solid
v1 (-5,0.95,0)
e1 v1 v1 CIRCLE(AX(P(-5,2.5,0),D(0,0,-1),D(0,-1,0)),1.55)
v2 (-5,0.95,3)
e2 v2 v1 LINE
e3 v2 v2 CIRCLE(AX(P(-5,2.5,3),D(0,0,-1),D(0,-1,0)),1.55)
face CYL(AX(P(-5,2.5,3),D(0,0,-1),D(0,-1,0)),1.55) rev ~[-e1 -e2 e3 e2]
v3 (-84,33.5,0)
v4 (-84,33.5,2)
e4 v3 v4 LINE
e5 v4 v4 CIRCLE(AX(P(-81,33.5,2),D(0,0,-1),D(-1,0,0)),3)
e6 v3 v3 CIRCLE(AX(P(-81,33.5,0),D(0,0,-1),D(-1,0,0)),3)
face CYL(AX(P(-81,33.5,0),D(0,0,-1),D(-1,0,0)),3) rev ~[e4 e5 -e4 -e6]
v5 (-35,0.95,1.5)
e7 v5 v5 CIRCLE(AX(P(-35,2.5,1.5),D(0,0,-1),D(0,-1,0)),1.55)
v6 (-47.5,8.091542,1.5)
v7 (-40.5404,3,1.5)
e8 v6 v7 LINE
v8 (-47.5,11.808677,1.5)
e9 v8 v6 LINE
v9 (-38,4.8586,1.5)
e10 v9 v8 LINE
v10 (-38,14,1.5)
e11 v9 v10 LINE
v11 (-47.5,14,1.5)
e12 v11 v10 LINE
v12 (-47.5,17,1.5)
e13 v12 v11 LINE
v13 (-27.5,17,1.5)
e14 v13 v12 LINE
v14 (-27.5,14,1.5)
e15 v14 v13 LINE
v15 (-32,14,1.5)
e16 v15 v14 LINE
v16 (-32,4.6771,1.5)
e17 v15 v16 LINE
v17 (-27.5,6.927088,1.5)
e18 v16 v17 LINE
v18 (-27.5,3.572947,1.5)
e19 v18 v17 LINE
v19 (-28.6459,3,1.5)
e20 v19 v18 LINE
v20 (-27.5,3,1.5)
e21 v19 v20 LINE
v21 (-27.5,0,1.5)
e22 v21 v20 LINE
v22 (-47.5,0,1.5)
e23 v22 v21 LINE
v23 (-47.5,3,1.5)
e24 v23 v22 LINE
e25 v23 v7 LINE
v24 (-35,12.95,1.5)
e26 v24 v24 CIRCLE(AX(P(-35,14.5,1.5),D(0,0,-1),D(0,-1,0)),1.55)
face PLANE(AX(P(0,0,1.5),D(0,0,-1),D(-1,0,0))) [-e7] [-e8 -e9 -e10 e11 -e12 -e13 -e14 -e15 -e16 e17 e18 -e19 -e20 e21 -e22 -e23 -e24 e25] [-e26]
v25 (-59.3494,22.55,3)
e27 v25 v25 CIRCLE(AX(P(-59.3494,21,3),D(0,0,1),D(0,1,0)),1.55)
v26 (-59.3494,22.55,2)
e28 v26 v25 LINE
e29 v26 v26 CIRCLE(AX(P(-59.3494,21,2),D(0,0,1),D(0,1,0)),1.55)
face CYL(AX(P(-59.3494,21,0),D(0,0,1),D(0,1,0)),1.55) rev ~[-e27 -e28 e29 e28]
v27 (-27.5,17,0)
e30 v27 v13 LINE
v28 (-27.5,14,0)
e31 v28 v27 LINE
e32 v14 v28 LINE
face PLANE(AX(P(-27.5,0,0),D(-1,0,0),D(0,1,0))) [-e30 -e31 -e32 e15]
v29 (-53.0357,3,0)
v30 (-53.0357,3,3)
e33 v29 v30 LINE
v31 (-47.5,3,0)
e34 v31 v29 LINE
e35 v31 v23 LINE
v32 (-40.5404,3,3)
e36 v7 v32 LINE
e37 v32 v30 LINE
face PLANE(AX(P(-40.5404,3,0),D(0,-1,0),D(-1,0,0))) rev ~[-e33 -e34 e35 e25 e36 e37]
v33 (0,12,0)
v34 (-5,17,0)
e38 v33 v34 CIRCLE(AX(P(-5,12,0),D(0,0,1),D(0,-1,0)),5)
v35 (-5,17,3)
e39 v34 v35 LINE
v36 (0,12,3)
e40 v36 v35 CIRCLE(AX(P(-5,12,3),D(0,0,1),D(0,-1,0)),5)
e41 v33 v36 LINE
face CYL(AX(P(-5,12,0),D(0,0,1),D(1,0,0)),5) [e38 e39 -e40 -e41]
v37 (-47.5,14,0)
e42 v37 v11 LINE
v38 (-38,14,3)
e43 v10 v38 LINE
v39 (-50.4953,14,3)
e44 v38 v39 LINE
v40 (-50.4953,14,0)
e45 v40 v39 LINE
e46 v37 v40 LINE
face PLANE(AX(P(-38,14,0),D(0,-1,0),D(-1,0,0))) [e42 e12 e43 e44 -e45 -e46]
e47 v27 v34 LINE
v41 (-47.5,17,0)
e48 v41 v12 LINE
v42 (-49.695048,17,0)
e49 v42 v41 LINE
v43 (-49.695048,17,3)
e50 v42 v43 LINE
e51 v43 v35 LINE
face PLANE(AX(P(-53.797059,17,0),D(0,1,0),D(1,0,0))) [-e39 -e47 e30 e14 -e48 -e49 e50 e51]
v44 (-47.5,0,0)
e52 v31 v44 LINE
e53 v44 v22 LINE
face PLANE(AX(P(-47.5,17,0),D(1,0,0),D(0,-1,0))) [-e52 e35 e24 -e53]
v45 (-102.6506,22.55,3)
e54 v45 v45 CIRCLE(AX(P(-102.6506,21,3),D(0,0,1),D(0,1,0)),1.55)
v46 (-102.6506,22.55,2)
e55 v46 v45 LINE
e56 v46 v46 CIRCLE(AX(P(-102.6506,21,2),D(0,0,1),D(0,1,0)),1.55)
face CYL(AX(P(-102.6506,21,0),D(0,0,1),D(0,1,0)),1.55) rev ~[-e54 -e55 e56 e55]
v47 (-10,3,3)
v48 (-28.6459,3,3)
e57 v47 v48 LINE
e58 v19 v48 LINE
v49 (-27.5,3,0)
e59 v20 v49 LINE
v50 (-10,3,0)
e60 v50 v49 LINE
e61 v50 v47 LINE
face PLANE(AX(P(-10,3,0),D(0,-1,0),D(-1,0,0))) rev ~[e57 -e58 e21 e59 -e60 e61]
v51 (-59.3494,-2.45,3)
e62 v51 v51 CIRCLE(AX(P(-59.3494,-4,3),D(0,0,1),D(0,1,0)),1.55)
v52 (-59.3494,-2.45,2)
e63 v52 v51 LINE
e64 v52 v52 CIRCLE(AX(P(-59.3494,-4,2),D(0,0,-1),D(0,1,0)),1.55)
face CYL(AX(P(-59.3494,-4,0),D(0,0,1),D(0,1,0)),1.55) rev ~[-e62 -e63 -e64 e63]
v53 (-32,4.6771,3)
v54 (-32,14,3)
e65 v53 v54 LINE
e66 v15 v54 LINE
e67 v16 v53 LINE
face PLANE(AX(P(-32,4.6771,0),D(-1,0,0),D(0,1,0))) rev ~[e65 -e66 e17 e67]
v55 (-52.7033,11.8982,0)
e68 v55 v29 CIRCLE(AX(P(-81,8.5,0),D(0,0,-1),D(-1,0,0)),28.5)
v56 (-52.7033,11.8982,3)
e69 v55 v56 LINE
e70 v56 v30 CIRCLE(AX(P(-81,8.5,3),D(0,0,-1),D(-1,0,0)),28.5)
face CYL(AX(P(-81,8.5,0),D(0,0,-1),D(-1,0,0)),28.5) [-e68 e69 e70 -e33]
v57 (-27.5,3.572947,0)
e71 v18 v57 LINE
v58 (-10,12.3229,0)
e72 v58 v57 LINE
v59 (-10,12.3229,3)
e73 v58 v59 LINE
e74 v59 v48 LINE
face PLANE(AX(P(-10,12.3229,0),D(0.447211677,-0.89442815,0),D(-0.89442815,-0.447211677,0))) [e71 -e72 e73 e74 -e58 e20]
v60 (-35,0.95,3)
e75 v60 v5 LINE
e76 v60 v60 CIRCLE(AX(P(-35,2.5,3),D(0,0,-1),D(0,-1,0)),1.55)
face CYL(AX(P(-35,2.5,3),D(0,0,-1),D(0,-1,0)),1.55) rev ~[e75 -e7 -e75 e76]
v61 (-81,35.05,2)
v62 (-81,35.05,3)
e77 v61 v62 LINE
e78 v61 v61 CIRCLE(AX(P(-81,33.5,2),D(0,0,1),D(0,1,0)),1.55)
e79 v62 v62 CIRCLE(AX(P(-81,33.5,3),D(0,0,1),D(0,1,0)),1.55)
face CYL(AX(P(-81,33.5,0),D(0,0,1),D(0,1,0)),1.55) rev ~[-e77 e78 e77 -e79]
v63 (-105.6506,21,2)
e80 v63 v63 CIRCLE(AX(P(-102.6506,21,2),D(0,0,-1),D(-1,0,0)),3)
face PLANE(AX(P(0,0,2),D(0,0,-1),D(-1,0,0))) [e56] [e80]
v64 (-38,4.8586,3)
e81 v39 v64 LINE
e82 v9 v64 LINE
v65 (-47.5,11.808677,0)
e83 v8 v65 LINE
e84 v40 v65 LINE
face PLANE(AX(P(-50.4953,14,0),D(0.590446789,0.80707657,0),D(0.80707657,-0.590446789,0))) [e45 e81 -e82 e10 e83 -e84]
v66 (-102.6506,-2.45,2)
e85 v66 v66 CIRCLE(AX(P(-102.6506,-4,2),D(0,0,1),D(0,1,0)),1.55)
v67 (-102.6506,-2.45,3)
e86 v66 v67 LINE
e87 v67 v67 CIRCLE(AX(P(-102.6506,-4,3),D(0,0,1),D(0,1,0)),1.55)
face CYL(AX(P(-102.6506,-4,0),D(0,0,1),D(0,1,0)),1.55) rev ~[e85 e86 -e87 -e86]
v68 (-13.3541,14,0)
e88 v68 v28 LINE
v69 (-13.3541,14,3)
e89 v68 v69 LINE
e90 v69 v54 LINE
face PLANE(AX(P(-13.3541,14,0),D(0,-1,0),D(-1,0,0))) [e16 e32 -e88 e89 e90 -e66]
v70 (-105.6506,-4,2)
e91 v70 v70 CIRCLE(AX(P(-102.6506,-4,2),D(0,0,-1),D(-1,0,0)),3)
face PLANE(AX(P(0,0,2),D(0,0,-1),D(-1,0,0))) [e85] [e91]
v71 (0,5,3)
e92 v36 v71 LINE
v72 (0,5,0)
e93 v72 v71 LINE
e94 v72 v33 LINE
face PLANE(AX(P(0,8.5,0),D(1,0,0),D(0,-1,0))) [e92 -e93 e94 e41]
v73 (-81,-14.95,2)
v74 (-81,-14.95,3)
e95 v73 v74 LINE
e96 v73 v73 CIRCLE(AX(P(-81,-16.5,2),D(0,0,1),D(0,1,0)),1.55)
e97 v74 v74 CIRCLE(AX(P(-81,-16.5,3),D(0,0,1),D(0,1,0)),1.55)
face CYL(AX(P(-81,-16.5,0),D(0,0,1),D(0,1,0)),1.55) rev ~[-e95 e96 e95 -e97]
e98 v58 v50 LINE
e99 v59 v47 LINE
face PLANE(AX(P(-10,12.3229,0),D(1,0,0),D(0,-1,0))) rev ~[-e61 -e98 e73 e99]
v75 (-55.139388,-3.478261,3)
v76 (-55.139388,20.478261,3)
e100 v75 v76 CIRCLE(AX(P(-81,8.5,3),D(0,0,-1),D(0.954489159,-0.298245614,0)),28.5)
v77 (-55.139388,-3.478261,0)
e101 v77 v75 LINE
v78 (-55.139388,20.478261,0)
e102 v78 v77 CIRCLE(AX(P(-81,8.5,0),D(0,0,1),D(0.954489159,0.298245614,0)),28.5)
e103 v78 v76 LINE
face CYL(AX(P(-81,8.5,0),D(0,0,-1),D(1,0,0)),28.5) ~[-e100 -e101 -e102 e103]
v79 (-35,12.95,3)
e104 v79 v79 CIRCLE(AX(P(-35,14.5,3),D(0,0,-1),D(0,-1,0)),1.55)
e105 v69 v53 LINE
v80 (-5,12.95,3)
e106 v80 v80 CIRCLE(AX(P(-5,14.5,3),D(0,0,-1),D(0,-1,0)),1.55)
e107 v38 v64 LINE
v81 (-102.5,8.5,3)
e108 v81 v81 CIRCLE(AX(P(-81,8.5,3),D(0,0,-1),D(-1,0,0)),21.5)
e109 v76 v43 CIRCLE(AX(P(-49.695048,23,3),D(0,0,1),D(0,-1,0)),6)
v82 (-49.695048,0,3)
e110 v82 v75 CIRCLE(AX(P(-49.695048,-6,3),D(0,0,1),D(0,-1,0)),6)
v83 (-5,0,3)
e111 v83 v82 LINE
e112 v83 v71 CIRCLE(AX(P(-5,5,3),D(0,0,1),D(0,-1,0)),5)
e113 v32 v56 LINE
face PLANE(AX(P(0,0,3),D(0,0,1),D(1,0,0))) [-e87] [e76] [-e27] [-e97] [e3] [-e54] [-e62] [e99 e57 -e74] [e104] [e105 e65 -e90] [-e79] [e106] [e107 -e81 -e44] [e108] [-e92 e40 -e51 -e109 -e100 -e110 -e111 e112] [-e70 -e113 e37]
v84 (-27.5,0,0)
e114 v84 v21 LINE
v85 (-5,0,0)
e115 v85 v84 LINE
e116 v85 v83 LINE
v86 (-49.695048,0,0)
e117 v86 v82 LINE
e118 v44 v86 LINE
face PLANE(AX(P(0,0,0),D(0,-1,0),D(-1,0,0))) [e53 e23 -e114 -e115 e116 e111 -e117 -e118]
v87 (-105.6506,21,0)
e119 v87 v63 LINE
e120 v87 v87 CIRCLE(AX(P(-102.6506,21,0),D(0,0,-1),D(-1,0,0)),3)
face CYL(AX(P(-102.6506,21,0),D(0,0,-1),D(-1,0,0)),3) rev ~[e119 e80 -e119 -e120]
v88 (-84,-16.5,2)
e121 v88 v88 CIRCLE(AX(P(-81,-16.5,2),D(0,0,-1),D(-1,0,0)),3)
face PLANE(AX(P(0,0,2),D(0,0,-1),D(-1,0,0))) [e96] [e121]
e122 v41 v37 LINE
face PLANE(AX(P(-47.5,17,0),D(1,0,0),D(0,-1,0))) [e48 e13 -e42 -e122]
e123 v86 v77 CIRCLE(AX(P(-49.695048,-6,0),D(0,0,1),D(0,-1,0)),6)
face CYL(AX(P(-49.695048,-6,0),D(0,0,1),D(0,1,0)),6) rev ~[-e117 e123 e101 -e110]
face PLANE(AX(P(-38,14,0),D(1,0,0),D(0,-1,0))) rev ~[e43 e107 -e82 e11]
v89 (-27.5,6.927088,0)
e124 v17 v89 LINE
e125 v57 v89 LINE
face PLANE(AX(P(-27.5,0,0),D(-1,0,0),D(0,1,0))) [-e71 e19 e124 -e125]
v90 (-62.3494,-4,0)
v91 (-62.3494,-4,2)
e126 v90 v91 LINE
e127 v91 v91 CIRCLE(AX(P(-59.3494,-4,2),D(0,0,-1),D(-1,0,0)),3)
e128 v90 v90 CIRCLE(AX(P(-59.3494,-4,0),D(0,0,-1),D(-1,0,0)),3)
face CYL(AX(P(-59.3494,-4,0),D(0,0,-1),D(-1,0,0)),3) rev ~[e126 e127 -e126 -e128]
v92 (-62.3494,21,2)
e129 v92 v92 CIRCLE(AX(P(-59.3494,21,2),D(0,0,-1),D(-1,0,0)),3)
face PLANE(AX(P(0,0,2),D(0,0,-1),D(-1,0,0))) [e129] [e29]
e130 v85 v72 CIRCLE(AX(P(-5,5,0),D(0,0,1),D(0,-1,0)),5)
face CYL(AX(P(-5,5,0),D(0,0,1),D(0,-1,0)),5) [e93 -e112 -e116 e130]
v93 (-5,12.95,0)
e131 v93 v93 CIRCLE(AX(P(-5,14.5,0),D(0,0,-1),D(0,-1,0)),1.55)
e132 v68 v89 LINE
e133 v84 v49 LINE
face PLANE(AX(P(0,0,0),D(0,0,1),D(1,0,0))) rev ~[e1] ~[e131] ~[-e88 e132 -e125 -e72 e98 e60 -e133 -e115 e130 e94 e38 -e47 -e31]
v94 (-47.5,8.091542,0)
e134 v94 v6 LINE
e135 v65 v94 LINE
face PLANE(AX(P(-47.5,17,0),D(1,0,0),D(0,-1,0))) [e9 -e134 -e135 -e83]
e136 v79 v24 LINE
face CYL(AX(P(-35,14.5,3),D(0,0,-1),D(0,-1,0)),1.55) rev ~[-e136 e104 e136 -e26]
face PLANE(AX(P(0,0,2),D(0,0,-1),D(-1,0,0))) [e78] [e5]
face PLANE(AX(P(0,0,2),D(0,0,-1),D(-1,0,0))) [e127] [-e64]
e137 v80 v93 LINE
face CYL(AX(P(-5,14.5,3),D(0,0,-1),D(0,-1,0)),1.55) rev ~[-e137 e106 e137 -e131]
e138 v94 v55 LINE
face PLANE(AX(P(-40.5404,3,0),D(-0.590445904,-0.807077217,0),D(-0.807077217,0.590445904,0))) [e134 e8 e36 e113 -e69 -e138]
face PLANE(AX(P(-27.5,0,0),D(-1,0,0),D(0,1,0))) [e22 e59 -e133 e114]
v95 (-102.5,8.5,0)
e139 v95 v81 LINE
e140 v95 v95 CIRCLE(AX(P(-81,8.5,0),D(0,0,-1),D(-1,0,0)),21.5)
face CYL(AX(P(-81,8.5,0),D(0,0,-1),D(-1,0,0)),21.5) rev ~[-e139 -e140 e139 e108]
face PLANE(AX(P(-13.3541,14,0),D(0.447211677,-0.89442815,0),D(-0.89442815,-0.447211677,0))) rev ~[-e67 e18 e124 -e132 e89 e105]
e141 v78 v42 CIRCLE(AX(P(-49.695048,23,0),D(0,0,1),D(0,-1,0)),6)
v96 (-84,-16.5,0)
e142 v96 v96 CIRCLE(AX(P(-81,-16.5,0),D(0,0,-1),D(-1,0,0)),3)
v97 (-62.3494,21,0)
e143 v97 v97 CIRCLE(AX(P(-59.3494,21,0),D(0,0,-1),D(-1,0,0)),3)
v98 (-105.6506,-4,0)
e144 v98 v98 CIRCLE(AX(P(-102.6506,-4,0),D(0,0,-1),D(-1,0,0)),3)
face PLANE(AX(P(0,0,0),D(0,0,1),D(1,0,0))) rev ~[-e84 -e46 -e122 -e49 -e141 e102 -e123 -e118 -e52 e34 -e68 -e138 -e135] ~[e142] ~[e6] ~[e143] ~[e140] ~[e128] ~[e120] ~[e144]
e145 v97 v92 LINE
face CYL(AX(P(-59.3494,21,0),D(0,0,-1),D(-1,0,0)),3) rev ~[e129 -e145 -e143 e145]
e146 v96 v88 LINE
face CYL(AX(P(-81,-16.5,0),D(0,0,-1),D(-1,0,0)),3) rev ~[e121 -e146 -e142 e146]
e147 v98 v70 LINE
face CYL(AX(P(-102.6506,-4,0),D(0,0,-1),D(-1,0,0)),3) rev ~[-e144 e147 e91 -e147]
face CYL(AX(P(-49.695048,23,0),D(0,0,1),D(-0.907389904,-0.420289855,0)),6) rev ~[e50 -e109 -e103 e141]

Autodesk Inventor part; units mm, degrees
ref_plane "YZ Plane" through (0, 0, 0) normal (1, 0, 0) x (0, 1, 0)
ref_plane "XZ Plane" through (0, 0, 0) normal (0, 1, 0) x (-1, 0, 0)
ref_plane "XY Plane" through (0, 0, 0) normal (0, 0, 1) x (1, 0, 0)
sketch "スケッチ1" plane through (0, 0, 0) normal (0, 0, 1) x (1, 0, 0)
  line L0 (0, 0) -> (-109.5, 0)
  line L1 (-109.5, 0) -> (-109.5, 17)
  line L2 (-109.5, 17) -> (0, 17)
  line L3 (0, 17) -> (0, 0)
  line L4 (0, 8.5) -> (-109.5, 8.5)
  circle A0 centre (-81, 8.5) radius 28.5
  point P0 (-53.7971, 17)
  point P1 (-53.7971, 0)
  dimension "d0" = 17
  dimension "d48" = 57
  dimension "d51" = 81
extrude "押し出し1" add sketch "スケッチ1" along normal blind 3 contours L0 A0 L4 L3 | A0 L0 | L0 A0 L4 | L4 A0 L2 L3 | L4 A0 L2 | L2 A0
sketch "スケッチ2" plane through (0, 0, 3) normal (0, 0, 1) x (1, 0, 0)
  line L0 (0, 17) -> (-53.7971, 17) projected
  line L1 (-5, 17) -> (-5, 0)
  line L2 (-53.7971, 0) -> (0, 0) projected
  line L3 (-35, 17) -> (-35, 0)
  line L4 (0, 0) -> (0, 17) projected
  line L5 (0, 8.5) -> (-5, 8.5)
  line L6 (-35, 17) -> (-53.7971, 17)
  point P0 (-5, 14.5)
  point P1 (-35, 14.5)
  point P2 (-5, 2.5)
  point P3 (-35, 2.5)
  dimension "d4" = 5
  dimension "d5" = 30
  dimension "d49" = 6
  dimension "d50" = 6
hole "穴1" at (-5, 14.5, 3) at (-35, 14.5, 3) at (-5, 2.5, 3) at (-35, 2.5, 3) direction (0, 0, -1) diameter 3.1 depth 20 tip angle 118
sketch "スケッチ7" plane through (0, 0, 0) normal (0, 0, -1) x (-1, 0, 0)
  arc A0 (53.7971, 0) -> (53.7971, 17) centre (81, 8.5) ccw projected
  circle A1 centre (81, 8.5) radius 25
  line L0 (81, 8.5) -> (81, 33.5)
  line L1 (81, 8.5) -> (81, 33.5)
  point P0 (0, 0)
  point P1 (81, 33.5)
  point P2 (59.3494, 21)
  point P3 (59.3494, -4)
  point P4 (81, -16.5)
  point P5 (102.6506, -4)
  point P6 (102.6506, 21)
  dimension "d52" = 50
  dimension "d55" = 360
  dimension "d75" = 0
hole "穴3" at (-81, 33.5, 0) at (-59.3494, 21, 0) at (-59.3494, -4, 0) at (-81, -16.5, 0) at (-102.6506, -4, 0) at (-102.6506, 21, 0) direction (0, 0, 1) diameter 3.1 end through all
sketch "スケッチ8" plane through (0, 0, 0) normal (0, 0, -1) x (-1, 0, 0)
  arc A0 (53.7971, 0) -> (53.7971, 17) centre (81, 8.5) ccw projected
  circle A1 centre (81, 8.5) radius 21.5
  point P0 (0, 0)
  dimension "d64" = 43
extrude "押し出し5" cut sketch "スケッチ8" against normal blind 3
sketch "スケッチ9" plane through (0, 0, 0) normal (0, 0, -1) x (-1, 0, 0)
  circle A0 centre (59.3494, -4) radius 1.55 projected
  circle A1 centre (59.3494, -4) radius 3
  circle A2 centre (59.3494, 21) radius 1.55 projected
  circle A3 centre (59.3494, 21) radius 3
  circle A4 centre (81, 33.5) radius 1.55 projected
  circle A5 centre (81, 33.5) radius 3
  circle A6 centre (102.6506, 21) radius 1.55 projected
  circle A7 centre (102.6506, 21) radius 3
  circle A8 centre (102.6506, -4) radius 1.55 projected
  circle A9 centre (102.6506, -4) radius 3
  circle A10 centre (81, -16.5) radius 1.55 projected
  circle A11 centre (81, -16.5) radius 3
  point P0 (0, 0)
  dimension "d67" = 6
  dimension "d68" = 6
  dimension "d69" = 6
  dimension "d70" = 6
  dimension "d71" = 6
  dimension "d72" = 6
extrude "押し出し6" cut sketch "スケッチ9" against normal blind 2 contours A1 | A2 | A3 | A4 | A5 | A6 | A7 | A8 | A9 | A10 | A11
sketch "スケッチ10" plane through (0, 0, 0) normal (0, 0, -1) x (-1, 0, 0)
  line L0 (0, 17) -> (53.7971, 17) projected
  line L1 (10, 17) -> (10, 0)
  line L2 (0, 0) -> (0, 17) projected
  line L3 (53.7971, 0) -> (0, 0) projected
  line L4 (32, 17) -> (38, 17)
  line L5 (38, 17) -> (38, 0)
  line L6 (38, 0) -> (32, 0)
  line L7 (32, 0) -> (32, 17)
  line L8 (10, 3) -> (53.0357, 3)
  line L9 (10, 14) -> (38, 14)
  arc A0 (53.7971, 0) -> (53.7971, 17) centre (81, 8.5) ccw projected
  circle A1 centre (81, 8.5) radius 28.5
  line L10 (38, 14) -> (53.0357, 14)
  line L11 (53.0357, 14) -> (38, 3)
  line L12 (50.4953, 14) -> (38, 4.8586)
  line L13 (40.5404, 3) -> (52.7033, 11.8982)
  line L14 (10, 14) -> (32, 3)
  line L15 (13.3541, 14) -> (32, 4.6771)
  line L16 (10, 12.3229) -> (28.6459, 3)
  point P0 (35, 6.5)
  point P1 (32, 14)
  dimension "d76" = 10
  dimension "d77" = 3
  dimension "d78" = 3
  dimension "d79" = 3
  dimension "d80" = 3
  dimension "d81" = 1.5
  dimension "d82" = 1.5
  dimension "d83" = 1.5
  dimension "d84" = 1.5
extrude "押し出し7" cut sketch "スケッチ10" against normal blind 3 contours L7 L15 L9 | L16 L8 L1 | L10 L12 L5 | L13 A1 L8
fillet "フィレット1" radius 6 2 edges at (-53.7971, 0, 1.5) (-53.7971, 17, 1.5)
fillet "フィレット2" radius 5 2 edges at (0, 17, 1.5) (0, 0, 1.5)
sketch "スケッチ11" plane through (0, 0, 0) normal (0, 0, -1) x (-1, 0, 0)
  line L0 (5, 17) -> (49.695, 17) projected
  line L1 (27.5, 17) -> (47.5, 17)
  line L2 (47.5, 17) -> (47.5, 0)
  line L3 (47.5, 0) -> (27.5, 0)
  line L4 (27.5, 0) -> (27.5, 17)
  line L5 (0, 5) -> (0, 12) projected
  line L6 (47.5, 17) -> (47.5, 17.4159)
  arc A0 (49.695, 17) -> (55.1394, 20.4783) centre (49.695, 23) ccw projected
  line L7 (47.5, 0) -> (47.5, -0.4159)
  arc A1 (55.1394, -3.4783) -> (49.695, 0) centre (49.695, -6) ccw projected
  point P0 (0, 0)
  point P1 (47.5, 17)
  point P2 (46.695, 17)
  dimension "d89" = 27.5
  dimension "d90" = 20
extrude "押し出し8" cut sketch "スケッチ11" against normal blind 1.5
properties part number "link2plate3" material "アルミニウム 6061"
